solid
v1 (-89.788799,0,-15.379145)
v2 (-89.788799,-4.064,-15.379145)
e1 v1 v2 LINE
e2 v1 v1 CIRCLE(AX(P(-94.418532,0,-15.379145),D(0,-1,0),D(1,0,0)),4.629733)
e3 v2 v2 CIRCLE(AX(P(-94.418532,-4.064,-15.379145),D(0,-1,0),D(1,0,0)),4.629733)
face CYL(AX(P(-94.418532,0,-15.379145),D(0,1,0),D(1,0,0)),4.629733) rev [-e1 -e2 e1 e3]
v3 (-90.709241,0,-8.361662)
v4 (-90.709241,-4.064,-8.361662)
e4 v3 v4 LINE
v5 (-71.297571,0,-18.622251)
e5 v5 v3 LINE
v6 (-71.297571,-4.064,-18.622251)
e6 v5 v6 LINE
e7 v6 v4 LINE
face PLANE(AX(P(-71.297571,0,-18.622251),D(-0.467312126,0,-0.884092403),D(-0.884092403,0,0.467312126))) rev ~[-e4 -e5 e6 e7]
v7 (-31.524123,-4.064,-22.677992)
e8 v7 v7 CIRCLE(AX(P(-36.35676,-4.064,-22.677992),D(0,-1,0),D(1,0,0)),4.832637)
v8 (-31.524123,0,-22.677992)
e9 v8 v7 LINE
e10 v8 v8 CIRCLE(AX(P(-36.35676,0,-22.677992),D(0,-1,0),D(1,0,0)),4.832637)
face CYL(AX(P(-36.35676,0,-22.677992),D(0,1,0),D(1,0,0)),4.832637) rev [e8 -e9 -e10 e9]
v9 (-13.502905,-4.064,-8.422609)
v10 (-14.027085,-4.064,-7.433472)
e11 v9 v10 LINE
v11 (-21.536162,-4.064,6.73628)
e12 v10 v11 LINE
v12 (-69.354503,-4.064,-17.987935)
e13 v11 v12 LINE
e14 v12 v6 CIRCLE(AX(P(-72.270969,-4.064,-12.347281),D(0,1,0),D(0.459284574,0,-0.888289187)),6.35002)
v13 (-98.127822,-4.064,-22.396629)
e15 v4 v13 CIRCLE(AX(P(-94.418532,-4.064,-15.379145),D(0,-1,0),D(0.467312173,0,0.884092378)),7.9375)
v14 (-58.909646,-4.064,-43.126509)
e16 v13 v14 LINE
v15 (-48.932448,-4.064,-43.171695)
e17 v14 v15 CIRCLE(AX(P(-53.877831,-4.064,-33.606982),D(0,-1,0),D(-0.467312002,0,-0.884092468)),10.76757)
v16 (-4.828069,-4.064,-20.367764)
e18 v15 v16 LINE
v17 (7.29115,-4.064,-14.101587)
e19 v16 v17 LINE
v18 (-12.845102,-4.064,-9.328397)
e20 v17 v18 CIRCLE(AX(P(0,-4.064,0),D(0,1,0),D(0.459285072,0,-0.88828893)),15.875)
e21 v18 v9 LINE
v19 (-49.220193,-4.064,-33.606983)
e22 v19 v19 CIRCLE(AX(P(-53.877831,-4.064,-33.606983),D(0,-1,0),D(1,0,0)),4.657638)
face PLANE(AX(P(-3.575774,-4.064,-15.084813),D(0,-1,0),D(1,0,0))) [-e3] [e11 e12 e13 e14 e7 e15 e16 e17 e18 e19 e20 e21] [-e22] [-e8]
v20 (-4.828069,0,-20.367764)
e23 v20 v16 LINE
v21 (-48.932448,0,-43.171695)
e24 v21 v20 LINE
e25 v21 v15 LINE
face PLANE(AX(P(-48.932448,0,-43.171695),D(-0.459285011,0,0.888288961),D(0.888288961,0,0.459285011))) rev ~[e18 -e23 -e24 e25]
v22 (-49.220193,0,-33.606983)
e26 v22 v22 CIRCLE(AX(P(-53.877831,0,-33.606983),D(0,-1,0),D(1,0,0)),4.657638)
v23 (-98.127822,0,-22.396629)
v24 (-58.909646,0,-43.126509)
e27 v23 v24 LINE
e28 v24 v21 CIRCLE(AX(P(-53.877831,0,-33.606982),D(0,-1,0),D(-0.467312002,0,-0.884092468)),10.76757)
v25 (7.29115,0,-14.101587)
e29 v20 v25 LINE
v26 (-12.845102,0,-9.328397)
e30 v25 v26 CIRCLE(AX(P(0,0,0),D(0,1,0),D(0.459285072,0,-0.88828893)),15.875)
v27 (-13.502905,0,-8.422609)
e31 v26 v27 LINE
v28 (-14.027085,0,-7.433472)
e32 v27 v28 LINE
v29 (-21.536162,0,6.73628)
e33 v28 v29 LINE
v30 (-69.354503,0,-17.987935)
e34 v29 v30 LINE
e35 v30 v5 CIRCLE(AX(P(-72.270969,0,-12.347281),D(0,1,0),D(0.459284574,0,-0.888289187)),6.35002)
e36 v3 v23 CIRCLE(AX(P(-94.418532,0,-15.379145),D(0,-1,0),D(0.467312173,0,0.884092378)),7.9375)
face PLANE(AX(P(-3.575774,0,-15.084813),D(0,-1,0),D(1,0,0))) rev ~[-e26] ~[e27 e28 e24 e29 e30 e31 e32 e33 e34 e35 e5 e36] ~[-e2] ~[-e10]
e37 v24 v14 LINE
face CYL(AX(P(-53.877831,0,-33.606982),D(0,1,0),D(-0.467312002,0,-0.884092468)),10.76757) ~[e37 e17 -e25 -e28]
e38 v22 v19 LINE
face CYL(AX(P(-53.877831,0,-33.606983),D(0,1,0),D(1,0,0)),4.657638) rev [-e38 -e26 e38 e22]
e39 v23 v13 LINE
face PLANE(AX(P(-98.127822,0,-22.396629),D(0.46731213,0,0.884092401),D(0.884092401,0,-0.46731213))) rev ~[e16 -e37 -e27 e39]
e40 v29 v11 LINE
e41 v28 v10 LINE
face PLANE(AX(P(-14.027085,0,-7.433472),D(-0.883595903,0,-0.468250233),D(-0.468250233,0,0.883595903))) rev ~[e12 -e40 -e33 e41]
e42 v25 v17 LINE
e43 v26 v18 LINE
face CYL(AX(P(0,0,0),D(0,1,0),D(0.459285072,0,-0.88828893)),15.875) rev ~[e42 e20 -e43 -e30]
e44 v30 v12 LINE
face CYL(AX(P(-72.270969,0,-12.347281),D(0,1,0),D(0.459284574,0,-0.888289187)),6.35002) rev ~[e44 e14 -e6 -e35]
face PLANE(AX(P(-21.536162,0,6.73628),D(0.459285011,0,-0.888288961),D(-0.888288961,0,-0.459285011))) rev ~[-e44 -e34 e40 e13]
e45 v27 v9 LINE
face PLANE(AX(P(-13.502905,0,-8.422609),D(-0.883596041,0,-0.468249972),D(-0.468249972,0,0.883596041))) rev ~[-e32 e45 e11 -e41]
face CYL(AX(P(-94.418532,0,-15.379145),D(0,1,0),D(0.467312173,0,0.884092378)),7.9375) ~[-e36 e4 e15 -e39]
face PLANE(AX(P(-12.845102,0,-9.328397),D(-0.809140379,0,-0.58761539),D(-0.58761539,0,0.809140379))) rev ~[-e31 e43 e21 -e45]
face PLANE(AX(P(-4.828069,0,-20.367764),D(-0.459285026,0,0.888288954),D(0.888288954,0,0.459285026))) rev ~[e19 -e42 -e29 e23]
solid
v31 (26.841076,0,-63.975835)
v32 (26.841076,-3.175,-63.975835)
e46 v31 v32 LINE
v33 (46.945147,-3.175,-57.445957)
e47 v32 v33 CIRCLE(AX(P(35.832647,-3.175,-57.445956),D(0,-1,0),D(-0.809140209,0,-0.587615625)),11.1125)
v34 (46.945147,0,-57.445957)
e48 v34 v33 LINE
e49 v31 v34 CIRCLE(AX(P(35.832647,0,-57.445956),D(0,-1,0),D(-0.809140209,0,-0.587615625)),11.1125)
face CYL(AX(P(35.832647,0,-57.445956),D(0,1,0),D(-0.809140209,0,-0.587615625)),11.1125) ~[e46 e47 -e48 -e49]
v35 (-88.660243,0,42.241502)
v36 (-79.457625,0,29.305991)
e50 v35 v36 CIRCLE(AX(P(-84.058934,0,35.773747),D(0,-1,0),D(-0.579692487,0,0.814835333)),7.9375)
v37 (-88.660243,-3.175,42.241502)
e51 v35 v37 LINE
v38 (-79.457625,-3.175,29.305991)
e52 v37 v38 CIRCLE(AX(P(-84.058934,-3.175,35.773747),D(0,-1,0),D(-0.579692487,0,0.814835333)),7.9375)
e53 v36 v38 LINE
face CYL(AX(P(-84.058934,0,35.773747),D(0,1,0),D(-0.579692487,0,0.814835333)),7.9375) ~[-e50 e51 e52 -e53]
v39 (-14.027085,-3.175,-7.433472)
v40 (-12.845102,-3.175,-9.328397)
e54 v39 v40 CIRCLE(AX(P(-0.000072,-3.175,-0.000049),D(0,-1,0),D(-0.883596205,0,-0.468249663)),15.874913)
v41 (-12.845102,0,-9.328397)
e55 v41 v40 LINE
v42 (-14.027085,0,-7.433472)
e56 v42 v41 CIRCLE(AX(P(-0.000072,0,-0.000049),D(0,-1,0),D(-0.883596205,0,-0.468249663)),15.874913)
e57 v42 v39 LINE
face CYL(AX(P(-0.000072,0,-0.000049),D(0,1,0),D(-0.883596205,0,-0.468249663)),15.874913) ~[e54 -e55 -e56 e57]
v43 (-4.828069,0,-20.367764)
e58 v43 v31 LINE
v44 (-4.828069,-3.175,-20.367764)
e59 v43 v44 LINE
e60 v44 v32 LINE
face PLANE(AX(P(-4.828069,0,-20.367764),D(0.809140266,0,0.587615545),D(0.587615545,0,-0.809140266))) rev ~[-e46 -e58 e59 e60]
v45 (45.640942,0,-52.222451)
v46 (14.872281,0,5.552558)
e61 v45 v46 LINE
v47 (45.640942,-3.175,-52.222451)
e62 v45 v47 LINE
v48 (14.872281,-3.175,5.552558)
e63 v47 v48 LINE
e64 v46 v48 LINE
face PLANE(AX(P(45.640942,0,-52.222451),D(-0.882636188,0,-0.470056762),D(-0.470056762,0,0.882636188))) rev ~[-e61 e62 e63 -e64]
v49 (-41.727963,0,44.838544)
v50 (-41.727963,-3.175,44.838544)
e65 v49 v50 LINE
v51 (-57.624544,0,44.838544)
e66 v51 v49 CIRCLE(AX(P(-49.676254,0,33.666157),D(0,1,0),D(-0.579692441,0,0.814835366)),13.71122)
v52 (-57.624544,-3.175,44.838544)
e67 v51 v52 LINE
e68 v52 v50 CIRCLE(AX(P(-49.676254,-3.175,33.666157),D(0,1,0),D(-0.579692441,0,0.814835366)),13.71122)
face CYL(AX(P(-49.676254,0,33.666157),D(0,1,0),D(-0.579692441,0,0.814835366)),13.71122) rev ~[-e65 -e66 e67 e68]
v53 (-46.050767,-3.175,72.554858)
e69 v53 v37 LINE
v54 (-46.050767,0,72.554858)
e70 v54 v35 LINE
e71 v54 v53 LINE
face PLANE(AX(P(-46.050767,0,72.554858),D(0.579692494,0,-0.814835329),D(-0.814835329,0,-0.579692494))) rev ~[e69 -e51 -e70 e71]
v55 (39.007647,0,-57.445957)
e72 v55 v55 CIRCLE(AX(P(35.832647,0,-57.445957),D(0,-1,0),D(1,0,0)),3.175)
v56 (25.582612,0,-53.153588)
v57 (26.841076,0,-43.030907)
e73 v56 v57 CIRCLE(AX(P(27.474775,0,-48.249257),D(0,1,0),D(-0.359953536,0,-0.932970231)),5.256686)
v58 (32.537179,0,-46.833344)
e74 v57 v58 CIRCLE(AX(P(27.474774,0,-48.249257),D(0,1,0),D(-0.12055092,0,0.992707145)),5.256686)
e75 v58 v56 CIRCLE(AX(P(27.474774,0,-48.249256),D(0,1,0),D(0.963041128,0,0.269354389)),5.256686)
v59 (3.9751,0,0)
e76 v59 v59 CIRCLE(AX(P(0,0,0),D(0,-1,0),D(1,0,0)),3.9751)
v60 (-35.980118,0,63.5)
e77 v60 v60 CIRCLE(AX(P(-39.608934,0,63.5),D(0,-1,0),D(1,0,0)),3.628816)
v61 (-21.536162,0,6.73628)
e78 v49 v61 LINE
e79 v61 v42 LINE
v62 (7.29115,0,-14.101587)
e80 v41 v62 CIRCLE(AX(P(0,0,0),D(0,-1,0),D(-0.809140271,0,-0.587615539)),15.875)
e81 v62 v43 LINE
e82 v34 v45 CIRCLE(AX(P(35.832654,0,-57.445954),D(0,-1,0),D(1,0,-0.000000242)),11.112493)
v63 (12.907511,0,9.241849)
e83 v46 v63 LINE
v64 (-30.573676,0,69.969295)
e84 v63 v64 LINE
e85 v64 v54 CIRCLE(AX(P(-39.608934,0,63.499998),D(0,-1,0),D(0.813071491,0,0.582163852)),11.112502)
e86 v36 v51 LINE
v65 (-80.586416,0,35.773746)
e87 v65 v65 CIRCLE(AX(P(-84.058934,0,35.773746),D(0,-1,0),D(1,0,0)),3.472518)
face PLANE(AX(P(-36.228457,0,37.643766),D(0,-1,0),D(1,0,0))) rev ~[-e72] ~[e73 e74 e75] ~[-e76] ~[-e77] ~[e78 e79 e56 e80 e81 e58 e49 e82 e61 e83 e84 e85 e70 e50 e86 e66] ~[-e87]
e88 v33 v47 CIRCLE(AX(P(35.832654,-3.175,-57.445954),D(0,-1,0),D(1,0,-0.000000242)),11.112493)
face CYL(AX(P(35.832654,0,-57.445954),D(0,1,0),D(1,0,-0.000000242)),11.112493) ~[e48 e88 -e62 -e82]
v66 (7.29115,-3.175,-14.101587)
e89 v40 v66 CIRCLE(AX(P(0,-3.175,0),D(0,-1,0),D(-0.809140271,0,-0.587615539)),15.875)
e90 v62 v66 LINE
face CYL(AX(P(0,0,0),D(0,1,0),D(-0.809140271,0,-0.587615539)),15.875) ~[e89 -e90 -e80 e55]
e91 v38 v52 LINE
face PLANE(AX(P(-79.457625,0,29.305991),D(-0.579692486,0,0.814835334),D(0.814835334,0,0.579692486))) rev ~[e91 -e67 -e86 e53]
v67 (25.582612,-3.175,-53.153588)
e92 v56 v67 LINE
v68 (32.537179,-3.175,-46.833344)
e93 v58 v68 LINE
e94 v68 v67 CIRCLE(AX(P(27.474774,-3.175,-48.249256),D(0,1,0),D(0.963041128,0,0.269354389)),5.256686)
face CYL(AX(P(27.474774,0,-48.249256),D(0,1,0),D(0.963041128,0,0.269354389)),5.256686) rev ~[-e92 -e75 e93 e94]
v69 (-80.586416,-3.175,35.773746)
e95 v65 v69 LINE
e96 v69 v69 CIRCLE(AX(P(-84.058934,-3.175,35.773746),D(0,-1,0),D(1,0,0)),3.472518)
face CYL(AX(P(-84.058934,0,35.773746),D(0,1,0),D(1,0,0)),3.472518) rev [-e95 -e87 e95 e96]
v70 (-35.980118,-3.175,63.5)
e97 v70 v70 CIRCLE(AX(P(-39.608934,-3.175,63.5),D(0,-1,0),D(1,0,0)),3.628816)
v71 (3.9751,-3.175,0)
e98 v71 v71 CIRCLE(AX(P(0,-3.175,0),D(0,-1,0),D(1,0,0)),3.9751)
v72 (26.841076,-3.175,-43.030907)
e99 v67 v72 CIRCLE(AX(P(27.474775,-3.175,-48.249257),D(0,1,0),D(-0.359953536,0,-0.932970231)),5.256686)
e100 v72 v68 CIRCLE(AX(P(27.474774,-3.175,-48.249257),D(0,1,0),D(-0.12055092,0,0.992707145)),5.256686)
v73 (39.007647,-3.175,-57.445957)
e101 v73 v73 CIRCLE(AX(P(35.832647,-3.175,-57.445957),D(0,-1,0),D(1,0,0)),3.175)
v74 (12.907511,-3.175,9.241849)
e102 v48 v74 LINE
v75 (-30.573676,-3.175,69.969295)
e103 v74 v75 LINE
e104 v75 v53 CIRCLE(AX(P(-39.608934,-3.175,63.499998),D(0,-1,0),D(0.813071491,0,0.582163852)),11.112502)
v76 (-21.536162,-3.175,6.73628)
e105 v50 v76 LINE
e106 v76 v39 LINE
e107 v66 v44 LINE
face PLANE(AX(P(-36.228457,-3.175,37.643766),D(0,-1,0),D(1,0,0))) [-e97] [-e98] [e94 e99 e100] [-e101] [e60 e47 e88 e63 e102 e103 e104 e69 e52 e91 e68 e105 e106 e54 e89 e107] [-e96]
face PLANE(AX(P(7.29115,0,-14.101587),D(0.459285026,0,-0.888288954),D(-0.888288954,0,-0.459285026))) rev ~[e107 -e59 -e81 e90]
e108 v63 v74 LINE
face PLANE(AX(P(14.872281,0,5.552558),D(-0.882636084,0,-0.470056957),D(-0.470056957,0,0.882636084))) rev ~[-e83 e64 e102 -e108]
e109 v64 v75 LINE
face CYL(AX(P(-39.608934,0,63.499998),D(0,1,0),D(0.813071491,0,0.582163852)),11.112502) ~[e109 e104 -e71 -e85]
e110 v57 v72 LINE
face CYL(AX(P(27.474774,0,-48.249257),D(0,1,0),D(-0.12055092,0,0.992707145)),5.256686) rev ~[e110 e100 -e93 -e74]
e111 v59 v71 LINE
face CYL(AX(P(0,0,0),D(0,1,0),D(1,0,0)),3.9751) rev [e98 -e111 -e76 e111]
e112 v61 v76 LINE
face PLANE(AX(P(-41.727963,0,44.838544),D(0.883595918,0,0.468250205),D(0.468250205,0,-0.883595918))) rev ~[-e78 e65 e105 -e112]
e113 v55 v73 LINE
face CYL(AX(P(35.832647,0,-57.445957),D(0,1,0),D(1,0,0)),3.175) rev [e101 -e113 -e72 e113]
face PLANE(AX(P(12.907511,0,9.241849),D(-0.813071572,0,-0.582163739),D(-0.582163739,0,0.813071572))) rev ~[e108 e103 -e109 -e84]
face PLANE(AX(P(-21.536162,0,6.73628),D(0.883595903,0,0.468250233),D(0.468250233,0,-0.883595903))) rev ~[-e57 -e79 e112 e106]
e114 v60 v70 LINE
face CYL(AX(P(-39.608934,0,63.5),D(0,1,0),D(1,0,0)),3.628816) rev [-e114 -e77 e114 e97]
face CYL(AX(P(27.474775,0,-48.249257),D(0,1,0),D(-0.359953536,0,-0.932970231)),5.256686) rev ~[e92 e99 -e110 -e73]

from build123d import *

# Parameters (mm, degrees)
F0_R     = 3.9751
F0_R_2   = 3.628816
F0_R_3   = 3.472518
F0_R_4   = 3.175
F1_DEPTH = 3.175
F0_R_5   = 4.832637
F0_R_6   = 4.629733
F0_R_7   = 4.657638
F2_DEPTH = 4.064


with BuildPart() as f1:
    # F0 (on Front) → F1 (new body)
    with BuildSketch(Plane.XZ):
        with BuildLine():
            Line((-21.536162, 6.73628), (-14.027085, -7.433472))
            ThreePointArc((-14.027085, -7.433472), (-8.356432, 13.497617), (12.907511, 9.241849))
            Line((12.907511, 9.241849), (-30.573676, 69.969295))
            ThreePointArc((-30.573676, 69.969295), (-29.028481, 66.897304), (-28.496434, 63.5))
            ThreePointArc((-28.496434, 63.5), (-44.703185, 53.623955), (-46.050767, 72.554858))
            Line((-46.050767, 72.554858), (-88.660243, 42.241502))
            ThreePointArc((-88.660243, 42.241502), (-80.420183, 42.828064), (-76.121434, 35.773746))
            ThreePointArc((-76.121434, 35.773746), (-77.004616, 32.134995), (-79.457625, 29.305991))
            Line((-79.457625, 29.305991), (-57.624544, 44.838544))
            ThreePointArc((-57.624544, 44.838544), (-49.676253, 47.377377), (-41.727963, 44.838544))
            Line((-41.727963, 44.838544), (-21.536162, 6.73628))
        make_face()
        with BuildLine():
            ThreePointArc((15.875, 0), (13.560284, -8.254351), (7.29115, -14.101587))
            Line((7.29115, -14.101587), (-4.828069, -20.367764))
            Line((-4.828069, -20.367764), (26.841076, -63.975835))
            ThreePointArc((26.841076, -63.975835), (24.794526, -58.729524), (25.582612, -53.153588))
            ThreePointArc((25.582612, -53.153588), (22.258247, -47.600731), (26.841076, -43.030907))
            ThreePointArc((26.841076, -43.030907), (30.393334, -43.877214), (32.537179, -46.833344))
            ThreePointArc((32.537179, -46.833344), (40.05933, -47.168661), (45.640942, -52.222451))
            Line((45.640942, -52.222451), (14.872281, 5.552558))
            ThreePointArc((14.872281, 5.552558), (15.622309, 2.821185), (15.875, 0))
        make_face()
        with BuildLine():
            ThreePointArc((-12.845102, -9.328397), (-3.661616, -15.446948), (7.29115, -14.101587))
            ThreePointArc((7.29115, -14.101587), (13.560284, -8.254351), (15.875, 0))
            ThreePointArc((15.875, 0), (15.622309, 2.821185), (14.872281, 5.552558))
            Line((14.872281, 5.552558), (12.907511, 9.241849))
            ThreePointArc((12.907511, 9.241849), (-8.356432, 13.497617), (-14.027085, -7.433472))
            ThreePointArc((-14.027085, -7.433472), (-13.469458, -8.401746), (-12.845102, -9.328397))
        make_face()
        Circle(F0_R, mode=Mode.SUBTRACT)
        with BuildLine():
            ThreePointArc((-28.496434, 63.5), (-29.028481, 66.897304), (-30.573676, 69.969295))
            ThreePointArc((-30.573676, 69.969295), (-37.777883, 74.460607), (-46.050767, 72.554858))
            ThreePointArc((-46.050767, 72.554858), (-44.703185, 53.623955), (-28.496434, 63.5))
        make_face()
        with Locations((-39.608934, 63.5)):
            Circle(F0_R_2, mode=Mode.SUBTRACT)
        with BuildLine():
            ThreePointArc((-76.121434, 35.773746), (-80.420183, 42.828064), (-88.660243, 42.241502))
            ThreePointArc((-88.660243, 42.241502), (-90.526689, 31.172437), (-79.457625, 29.305991))
            ThreePointArc((-79.457625, 29.305991), (-77.004616, 32.134995), (-76.121434, 35.773746))
        make_face()
        with Locations((-84.058934, 35.773746)):
            Circle(F0_R_3, mode=Mode.SUBTRACT)
        with BuildLine():
            ThreePointArc((25.582612, -53.153588), (24.794526, -58.729524), (26.841076, -63.975835))
            ThreePointArc((26.841076, -63.975835), (39.26549, -68.014932), (46.945147, -57.445957))
            ThreePointArc((46.945147, -57.445957), (46.614167, -54.754026), (45.640942, -52.222451))
            ThreePointArc((45.640942, -52.222451), (40.05933, -47.168661), (32.537179, -46.833344))
            ThreePointArc((32.537179, -46.833344), (31.010164, -52.13947), (25.582612, -53.153588))
        make_face()
        with Locations((35.832647, -57.445957)):
            Circle(F0_R_4, mode=Mode.SUBTRACT)
    extrude(amount=F1_DEPTH)


with BuildPart() as f2:
    # F0 (on Front) → F2 (new body)
    with BuildSketch(Plane.XZ):
        with BuildLine():
            Line((-4.828069, -20.367764), (7.29115, -14.101587))
            ThreePointArc((7.29115, -14.101587), (-3.661616, -15.446948), (-12.845102, -9.328397))
            Line((-12.845102, -9.328397), (-4.828069, -20.367764))
        make_face()
        with BuildLine():
            Line((-4.828069, -20.367764), (-12.845102, -9.328397))
            Line((-12.845102, -9.328397), (-13.502905, -8.422609))
            Line((-13.502905, -8.422609), (-14.027085, -7.433472))
            Line((-14.027085, -7.433472), (-21.536162, 6.73628))
            Line((-21.536162, 6.73628), (-69.354503, -17.987935))
            ThreePointArc((-69.354503, -17.987935), (-70.300348, -18.383787), (-71.297571, -18.622251))
            Line((-71.297571, -18.622251), (-90.709241, -8.361662))
            ThreePointArc((-90.709241, -8.361662), (-87.619767, -11.282719), (-86.481032, -15.379145))
            ThreePointArc((-86.481032, -15.379145), (-90.322105, -22.17791), (-98.127822, -22.396629))
            Line((-98.127822, -22.396629), (-58.909646, -43.126509))
            ThreePointArc((-58.909646, -43.126509), (-59.434814, -24.38416), (-43.110263, -33.606983))
            ThreePointArc((-43.110263, -33.606983), (-44.680269, -39.205679), (-48.932448, -43.171695))
            Line((-48.932448, -43.171695), (-4.828069, -20.367764))
        make_face()
        with Locations((-36.35676, -22.677992)):
            Circle(F0_R_5, mode=Mode.SUBTRACT)
        with BuildLine():
            ThreePointArc((-90.709241, -8.361662), (-101.436015, -11.669855), (-98.127822, -22.396629))
            ThreePointArc((-98.127822, -22.396629), (-90.322105, -22.17791), (-86.481032, -15.379145))
            ThreePointArc((-86.481032, -15.379145), (-87.619767, -11.282719), (-90.709241, -8.361662))
        make_face()
        with Locations((-94.418532, -15.379145)):
            Circle(F0_R_6, mode=Mode.SUBTRACT)
        with BuildLine():
            ThreePointArc((-58.909646, -43.126509), (-53.926597, -44.374441), (-48.932448, -43.171695))
            ThreePointArc((-48.932448, -43.171695), (-44.680269, -39.205679), (-43.110263, -33.606983))
            ThreePointArc((-43.110263, -33.606983), (-59.434814, -24.38416), (-58.909646, -43.126509))
        make_face()
        with Locations((-53.877831, -33.606983)):
            Circle(F0_R_7, mode=Mode.SUBTRACT)
    extrude(amount=F2_DEPTH)


solid = Compound([f1.part, f2.part])
